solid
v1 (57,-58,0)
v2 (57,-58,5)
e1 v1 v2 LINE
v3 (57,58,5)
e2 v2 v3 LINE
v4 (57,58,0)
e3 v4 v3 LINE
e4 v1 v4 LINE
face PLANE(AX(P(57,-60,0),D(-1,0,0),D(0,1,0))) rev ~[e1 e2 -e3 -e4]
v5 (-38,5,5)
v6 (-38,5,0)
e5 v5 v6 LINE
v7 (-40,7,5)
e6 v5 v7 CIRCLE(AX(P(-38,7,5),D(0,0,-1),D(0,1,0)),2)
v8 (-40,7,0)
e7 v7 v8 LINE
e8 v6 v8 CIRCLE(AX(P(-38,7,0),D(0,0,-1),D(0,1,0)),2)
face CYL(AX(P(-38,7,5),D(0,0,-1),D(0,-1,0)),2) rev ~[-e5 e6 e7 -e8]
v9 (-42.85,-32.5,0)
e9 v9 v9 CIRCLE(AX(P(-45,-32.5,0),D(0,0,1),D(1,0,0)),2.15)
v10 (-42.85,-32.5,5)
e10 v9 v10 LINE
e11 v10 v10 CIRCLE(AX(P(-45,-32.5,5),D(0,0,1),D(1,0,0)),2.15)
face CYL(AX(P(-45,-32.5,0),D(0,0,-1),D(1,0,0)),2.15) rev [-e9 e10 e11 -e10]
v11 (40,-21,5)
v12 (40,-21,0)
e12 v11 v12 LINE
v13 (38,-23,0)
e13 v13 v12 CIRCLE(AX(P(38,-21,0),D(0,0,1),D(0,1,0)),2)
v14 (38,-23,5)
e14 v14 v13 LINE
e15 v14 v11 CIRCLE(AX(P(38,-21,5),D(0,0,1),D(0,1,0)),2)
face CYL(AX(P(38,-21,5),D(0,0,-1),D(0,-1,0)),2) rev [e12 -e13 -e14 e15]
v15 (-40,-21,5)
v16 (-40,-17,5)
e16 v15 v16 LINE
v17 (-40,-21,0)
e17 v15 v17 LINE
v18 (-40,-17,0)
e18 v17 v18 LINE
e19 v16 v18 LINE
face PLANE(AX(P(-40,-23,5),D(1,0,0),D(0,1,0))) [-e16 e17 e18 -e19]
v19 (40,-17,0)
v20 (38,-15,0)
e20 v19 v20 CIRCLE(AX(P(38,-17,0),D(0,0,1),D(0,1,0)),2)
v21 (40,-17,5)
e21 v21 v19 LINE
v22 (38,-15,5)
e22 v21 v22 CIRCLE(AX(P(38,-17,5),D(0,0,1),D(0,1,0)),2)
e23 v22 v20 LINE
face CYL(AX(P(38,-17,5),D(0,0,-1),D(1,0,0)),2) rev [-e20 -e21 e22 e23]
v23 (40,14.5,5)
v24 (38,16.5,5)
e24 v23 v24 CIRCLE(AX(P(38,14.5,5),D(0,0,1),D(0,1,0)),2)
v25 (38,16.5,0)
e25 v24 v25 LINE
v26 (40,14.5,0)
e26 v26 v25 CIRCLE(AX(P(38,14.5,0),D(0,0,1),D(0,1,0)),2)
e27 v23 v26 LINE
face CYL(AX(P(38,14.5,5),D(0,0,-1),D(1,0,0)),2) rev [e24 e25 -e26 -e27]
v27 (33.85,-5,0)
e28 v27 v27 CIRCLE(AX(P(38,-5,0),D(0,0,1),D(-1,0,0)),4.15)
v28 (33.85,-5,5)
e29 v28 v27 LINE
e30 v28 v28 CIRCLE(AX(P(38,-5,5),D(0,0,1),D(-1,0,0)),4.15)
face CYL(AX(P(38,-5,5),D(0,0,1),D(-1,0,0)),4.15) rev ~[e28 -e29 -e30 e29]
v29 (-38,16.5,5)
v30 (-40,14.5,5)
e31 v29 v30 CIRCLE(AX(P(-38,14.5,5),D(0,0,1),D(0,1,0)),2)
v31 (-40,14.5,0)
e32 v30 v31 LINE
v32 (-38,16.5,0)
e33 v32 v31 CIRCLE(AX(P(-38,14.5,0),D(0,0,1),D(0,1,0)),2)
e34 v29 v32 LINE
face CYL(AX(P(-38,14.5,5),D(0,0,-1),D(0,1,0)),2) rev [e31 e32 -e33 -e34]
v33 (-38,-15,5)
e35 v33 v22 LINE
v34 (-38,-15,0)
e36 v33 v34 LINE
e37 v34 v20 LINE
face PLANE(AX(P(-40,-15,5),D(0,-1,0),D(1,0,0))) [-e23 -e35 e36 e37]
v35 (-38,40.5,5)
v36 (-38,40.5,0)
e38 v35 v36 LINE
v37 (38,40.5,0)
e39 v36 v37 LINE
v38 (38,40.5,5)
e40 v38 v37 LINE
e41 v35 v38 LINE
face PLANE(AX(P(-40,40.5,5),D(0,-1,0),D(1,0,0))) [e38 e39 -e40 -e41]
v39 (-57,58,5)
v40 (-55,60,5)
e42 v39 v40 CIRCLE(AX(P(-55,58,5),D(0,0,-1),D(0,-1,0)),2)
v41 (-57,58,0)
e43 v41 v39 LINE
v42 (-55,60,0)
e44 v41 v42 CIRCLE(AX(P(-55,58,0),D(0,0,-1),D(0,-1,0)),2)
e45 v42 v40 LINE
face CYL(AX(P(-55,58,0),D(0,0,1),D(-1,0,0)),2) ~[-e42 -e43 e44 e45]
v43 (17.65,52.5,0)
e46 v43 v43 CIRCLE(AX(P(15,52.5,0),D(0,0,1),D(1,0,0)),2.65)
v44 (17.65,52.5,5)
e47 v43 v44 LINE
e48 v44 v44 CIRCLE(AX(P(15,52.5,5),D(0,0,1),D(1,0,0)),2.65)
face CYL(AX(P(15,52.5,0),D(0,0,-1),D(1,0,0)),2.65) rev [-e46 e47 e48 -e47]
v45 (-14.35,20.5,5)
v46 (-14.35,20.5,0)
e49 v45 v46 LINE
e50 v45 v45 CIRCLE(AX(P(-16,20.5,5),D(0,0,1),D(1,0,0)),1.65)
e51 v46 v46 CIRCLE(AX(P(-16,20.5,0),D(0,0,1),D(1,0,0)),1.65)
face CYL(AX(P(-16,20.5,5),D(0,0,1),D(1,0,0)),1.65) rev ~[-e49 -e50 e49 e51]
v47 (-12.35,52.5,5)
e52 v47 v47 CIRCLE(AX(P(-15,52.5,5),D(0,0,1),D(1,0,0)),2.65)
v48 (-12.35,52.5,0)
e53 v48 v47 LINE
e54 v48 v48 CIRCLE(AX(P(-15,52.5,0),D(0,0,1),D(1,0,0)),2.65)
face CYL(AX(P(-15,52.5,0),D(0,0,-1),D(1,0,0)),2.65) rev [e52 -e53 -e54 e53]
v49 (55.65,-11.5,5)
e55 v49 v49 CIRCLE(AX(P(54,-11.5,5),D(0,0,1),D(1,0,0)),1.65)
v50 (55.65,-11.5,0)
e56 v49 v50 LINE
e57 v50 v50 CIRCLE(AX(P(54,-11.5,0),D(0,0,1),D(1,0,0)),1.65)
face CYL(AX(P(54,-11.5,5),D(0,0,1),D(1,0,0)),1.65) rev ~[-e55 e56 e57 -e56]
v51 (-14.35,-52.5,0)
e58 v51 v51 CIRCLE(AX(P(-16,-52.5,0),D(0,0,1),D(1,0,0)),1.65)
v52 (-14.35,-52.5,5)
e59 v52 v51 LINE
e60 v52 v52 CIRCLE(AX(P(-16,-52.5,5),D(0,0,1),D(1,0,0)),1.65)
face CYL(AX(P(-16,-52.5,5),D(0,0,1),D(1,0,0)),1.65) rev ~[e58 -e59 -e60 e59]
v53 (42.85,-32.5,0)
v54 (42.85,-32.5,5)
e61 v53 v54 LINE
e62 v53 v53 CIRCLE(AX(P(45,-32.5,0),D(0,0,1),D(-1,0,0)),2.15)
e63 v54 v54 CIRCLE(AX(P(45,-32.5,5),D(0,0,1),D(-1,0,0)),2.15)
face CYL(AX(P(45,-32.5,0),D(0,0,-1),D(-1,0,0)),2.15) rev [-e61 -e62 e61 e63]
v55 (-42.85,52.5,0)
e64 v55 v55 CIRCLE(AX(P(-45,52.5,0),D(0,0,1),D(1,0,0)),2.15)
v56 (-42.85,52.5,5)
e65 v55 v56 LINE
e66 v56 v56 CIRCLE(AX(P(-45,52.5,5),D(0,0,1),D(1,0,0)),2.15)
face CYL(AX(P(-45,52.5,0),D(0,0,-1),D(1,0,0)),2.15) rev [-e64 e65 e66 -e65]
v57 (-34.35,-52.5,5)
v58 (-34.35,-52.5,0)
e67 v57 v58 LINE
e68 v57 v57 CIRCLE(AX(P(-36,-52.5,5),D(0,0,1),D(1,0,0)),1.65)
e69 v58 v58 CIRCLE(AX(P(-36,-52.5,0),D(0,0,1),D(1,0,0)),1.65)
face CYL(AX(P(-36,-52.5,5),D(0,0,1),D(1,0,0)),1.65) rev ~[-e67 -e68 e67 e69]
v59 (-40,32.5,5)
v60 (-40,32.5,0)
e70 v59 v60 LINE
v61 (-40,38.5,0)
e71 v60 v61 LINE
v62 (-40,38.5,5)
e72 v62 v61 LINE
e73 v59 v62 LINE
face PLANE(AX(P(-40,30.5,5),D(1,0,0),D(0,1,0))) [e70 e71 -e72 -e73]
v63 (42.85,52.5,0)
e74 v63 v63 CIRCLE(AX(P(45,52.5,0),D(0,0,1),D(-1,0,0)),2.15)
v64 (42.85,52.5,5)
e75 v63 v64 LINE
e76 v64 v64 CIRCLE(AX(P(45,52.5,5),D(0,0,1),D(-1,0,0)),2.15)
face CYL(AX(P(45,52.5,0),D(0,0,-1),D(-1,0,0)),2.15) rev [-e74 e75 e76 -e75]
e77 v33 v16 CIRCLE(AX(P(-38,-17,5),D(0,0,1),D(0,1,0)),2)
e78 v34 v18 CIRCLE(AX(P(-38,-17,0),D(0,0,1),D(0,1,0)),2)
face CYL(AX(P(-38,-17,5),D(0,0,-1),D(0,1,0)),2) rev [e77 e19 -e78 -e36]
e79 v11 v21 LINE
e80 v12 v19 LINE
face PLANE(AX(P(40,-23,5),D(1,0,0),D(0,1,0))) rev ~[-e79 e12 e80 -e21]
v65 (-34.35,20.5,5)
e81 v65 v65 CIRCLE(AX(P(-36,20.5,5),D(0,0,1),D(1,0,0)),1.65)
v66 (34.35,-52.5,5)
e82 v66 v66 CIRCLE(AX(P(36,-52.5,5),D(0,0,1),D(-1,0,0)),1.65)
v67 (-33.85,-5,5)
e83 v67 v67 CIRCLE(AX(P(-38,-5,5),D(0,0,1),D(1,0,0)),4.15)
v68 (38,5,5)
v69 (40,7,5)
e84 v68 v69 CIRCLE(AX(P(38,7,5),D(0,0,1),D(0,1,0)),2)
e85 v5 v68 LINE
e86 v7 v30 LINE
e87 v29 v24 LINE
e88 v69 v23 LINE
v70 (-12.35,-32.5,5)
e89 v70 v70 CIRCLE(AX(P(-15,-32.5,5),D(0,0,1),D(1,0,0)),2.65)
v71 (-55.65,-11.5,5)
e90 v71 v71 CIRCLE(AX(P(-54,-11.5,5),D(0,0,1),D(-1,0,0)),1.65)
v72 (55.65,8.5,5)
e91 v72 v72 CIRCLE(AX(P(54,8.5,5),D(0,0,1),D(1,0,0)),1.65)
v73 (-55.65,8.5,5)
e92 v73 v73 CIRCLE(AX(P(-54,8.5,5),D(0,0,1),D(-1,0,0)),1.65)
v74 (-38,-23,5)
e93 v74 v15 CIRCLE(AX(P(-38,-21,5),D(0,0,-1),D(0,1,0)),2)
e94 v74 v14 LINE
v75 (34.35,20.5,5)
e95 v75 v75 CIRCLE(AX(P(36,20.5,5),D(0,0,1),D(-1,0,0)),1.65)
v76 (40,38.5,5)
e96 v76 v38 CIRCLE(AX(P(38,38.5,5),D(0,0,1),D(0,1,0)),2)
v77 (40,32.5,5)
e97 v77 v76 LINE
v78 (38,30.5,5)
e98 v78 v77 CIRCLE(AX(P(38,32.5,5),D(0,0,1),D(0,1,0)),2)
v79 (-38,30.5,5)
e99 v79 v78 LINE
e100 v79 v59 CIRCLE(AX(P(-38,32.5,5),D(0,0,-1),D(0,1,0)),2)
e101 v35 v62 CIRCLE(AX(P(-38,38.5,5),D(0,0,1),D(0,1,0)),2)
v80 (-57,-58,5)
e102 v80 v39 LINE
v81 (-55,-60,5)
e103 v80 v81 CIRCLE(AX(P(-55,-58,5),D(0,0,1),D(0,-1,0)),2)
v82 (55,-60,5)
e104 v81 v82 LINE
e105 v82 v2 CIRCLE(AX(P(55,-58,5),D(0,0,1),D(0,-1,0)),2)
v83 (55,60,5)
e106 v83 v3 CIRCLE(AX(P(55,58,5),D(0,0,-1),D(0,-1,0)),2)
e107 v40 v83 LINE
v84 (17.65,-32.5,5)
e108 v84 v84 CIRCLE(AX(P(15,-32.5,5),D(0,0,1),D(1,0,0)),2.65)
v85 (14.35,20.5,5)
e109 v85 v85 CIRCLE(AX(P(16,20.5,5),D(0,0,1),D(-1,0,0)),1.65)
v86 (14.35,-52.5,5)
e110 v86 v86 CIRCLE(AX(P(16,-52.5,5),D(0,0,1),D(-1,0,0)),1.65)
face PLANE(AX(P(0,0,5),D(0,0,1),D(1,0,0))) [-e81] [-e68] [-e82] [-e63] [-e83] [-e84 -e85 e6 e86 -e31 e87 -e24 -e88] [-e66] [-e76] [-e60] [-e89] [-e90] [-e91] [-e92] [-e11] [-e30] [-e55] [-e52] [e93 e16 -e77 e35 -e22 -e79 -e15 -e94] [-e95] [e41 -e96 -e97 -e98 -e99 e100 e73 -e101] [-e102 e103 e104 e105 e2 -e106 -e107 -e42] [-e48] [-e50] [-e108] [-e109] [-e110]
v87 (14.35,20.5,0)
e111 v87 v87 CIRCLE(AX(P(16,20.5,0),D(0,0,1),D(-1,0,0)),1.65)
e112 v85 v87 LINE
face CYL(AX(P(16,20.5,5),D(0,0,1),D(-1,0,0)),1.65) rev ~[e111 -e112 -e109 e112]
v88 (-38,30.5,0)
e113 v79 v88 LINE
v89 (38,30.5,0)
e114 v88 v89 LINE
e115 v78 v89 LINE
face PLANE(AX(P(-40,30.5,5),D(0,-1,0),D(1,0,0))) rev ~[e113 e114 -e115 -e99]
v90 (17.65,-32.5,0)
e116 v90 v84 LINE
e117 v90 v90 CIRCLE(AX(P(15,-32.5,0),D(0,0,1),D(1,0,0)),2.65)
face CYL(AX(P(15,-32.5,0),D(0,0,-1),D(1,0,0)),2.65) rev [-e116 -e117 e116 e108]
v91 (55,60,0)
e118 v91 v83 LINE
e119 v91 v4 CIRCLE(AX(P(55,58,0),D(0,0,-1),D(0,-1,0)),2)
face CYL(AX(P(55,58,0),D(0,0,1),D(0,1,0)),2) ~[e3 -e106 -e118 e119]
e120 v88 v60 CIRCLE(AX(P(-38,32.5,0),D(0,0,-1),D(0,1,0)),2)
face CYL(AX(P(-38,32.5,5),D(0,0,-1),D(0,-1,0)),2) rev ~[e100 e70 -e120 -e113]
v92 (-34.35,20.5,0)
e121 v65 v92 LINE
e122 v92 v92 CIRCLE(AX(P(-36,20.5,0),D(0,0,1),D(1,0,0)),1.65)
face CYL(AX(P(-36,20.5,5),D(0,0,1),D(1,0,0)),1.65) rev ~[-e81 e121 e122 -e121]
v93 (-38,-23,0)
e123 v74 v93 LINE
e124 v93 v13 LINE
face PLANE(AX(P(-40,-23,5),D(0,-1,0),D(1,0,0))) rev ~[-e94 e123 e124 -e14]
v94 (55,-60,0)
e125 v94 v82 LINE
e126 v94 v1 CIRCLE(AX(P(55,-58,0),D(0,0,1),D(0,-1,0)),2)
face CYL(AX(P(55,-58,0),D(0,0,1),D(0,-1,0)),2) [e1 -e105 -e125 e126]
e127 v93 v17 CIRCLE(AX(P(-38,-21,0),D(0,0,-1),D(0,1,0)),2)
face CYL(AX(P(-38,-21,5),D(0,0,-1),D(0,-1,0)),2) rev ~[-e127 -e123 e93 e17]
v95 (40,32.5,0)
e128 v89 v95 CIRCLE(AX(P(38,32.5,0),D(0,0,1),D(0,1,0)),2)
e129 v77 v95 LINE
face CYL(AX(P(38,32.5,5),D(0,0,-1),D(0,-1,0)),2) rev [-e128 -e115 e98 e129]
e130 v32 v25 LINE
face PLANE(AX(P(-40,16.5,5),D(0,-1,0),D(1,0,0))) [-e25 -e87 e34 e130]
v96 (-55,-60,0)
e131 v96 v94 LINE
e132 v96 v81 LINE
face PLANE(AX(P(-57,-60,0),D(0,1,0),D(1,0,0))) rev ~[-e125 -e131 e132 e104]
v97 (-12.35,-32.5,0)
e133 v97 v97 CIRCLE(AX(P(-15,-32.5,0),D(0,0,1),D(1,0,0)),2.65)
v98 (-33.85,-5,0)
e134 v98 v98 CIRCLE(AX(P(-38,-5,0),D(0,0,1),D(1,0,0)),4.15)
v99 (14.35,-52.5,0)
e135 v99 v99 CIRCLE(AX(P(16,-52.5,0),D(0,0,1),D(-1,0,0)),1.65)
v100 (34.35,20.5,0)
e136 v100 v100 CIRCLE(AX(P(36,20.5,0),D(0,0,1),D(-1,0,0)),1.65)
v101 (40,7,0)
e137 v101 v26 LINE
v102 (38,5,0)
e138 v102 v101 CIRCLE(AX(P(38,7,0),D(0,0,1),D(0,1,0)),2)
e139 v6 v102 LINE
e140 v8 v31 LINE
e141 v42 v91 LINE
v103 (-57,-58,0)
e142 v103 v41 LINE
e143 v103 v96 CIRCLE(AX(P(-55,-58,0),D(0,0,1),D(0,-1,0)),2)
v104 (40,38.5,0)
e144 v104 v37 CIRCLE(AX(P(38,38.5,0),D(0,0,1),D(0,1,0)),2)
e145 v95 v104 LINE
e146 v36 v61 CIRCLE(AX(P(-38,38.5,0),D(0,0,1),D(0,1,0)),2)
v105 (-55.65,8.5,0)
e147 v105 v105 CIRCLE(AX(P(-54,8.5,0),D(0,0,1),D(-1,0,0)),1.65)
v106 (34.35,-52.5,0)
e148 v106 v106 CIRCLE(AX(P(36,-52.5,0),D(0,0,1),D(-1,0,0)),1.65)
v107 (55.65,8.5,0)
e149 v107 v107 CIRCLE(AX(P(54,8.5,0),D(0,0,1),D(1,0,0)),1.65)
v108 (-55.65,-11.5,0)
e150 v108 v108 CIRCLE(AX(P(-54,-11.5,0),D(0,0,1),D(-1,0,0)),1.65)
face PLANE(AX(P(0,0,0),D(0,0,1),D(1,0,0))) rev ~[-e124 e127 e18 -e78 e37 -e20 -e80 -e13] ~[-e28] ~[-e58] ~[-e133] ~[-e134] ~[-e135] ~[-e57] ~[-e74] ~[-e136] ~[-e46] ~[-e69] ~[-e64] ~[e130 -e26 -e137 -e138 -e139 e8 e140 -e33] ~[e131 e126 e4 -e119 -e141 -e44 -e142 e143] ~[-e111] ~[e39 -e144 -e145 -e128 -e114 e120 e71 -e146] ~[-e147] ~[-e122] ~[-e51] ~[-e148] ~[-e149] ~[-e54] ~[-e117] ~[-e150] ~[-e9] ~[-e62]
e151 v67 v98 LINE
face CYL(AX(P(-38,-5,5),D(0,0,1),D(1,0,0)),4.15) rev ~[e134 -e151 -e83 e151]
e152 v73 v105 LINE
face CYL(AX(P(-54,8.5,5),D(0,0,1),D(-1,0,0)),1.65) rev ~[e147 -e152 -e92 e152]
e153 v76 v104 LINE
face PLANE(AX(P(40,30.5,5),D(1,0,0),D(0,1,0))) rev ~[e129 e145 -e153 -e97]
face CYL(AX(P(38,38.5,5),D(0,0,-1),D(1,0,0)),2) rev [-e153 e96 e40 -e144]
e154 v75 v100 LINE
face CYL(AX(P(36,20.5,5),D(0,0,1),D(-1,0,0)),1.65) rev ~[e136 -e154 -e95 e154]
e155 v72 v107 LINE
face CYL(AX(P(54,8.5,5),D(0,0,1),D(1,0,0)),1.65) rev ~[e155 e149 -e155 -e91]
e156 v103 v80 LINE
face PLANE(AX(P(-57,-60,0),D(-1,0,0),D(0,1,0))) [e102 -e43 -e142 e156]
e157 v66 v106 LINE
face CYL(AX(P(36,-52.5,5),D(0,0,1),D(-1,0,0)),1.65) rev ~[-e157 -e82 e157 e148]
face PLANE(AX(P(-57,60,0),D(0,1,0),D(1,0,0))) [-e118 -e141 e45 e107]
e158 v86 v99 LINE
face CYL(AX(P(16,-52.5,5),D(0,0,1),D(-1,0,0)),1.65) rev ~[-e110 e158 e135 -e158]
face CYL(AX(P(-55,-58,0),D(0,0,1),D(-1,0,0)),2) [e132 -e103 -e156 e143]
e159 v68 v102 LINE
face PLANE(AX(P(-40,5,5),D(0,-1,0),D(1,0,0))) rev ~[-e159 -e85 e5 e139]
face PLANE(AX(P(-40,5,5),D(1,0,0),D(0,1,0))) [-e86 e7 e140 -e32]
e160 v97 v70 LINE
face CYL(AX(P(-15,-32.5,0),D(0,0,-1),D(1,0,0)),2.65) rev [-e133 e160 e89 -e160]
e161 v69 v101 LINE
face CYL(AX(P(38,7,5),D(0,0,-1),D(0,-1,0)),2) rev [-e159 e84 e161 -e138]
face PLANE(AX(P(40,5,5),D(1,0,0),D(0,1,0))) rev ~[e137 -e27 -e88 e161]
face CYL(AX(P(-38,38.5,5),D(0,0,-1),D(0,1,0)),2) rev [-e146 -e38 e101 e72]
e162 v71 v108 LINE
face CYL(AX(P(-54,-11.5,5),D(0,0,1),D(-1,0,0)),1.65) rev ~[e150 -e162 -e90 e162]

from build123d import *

# Parameters (mm, degrees)
SKETCH_1_W          = 114
SKETCH_1_H          = 120
SKETCH_1_R          = 2.65
SKETCH_1_R_2        = 2.15
EXTRUDE_1_DEPTH     = 5
SKETCH_2_R          = 1.65
CUT_EXTRUDE_1_DEPTH = 83.909589313
SKETCH_3_R          = 4.15
CUT_EXTRUDE_2_DEPTH = 83.909589313
SKETCH_6_R          = 1.65
CUT_EXTRUDE_4_DEPTH = 83.909589313
SKETCH_7_W          = 80
SKETCH_7_H          = 11.5
SKETCH_7_H_2        = 10
SKETCH_7_H_3        = 8
CUT_EXTRUDE_5_DEPTH = 83.909589313
FILLET_1_R          = 2


with BuildPart() as part:
    # 草图1 → 凸台-拉伸1 (new body)
    with BuildSketch(Plane.XY):
        Rectangle(SKETCH_1_W, SKETCH_1_H)
        with Locations((-15, -32.5)):
            Circle(SKETCH_1_R, mode=Mode.SUBTRACT)
        with Locations((15, -32.5)):
            Circle(SKETCH_1_R, mode=Mode.SUBTRACT)
        with Locations((-45, -32.5)):
            Circle(SKETCH_1_R_2, mode=Mode.SUBTRACT)
        with Locations(Location((45, -32.5, 0), (0, 0, 180))):
            Circle(SKETCH_1_R_2, mode=Mode.SUBTRACT)
        with Locations((-45, 52.5)):
            Circle(SKETCH_1_R_2, mode=Mode.SUBTRACT)
        with Locations((-15, 52.5)):
            Circle(SKETCH_1_R, mode=Mode.SUBTRACT)
        with Locations((15, 52.5)):
            Circle(SKETCH_1_R, mode=Mode.SUBTRACT)
        with Locations(Location((45, 52.5, 0), (0, 0, 180))):
            Circle(SKETCH_1_R_2, mode=Mode.SUBTRACT)
    extrude(amount=EXTRUDE_1_DEPTH)

    # 草图2 → 切除-拉伸1 (cut, through all)
    with BuildSketch(Plane.XY.offset(5)):
        with Locations((-16, -52.5)):
            Circle(SKETCH_2_R)
        with Locations((-36, -52.5)):
            Circle(SKETCH_2_R)
        with Locations(Location((16, -52.5, 0), (0, 0, 180))):
            Circle(SKETCH_2_R)
        with Locations(Location((36, -52.5, 0), (0, 0, 180))):
            Circle(SKETCH_2_R)
        with Locations((-16, 20.5)):
            Circle(SKETCH_2_R)
        with Locations((-36, 20.5)):
            Circle(SKETCH_2_R)
        with Locations(Location((16, 20.5, 0), (0, 0, 180))):
            Circle(SKETCH_2_R)
        with Locations(Location((36, 20.5, 0), (0, 0, 180))):
            Circle(SKETCH_2_R)
    extrude(amount=-CUT_EXTRUDE_1_DEPTH, mode=Mode.SUBTRACT)

    # 草图3 → 切除-拉伸2 (cut, through all)
    with BuildSketch(Plane.XY.offset(5)):
        with Locations((-38, -5)):
            Circle(SKETCH_3_R)
        with Locations(Location((38, -5, 0), (0, 0, 180))):
            Circle(SKETCH_3_R)
    extrude(amount=-CUT_EXTRUDE_2_DEPTH, mode=Mode.SUBTRACT)

    # 草图6 → 切除-拉伸4 (cut, through all)
    with BuildSketch(Plane.XY.offset(5)):
        with Locations((54, -11.5)):
            Circle(SKETCH_6_R)
        with Locations((54, 8.5)):
            Circle(SKETCH_6_R)
        with Locations(Location((-54, -11.5, 0), (0, 0, 180))):
            Circle(SKETCH_6_R)
        with Locations(Location((-54, 8.5, 0), (0, 0, 180))):
            Circle(SKETCH_6_R)
    extrude(amount=-CUT_EXTRUDE_4_DEPTH, mode=Mode.SUBTRACT)

    # 草图7 → 切除-拉伸5 (cut, through all)
    with BuildSketch(Plane.XY.offset(5)):
        with Locations((0, 10.75)):
            Rectangle(SKETCH_7_W, SKETCH_7_H)
        with Locations((0, 35.5)):
            Rectangle(SKETCH_7_W, SKETCH_7_H_2)
        with Locations((0, -19)):
            Rectangle(SKETCH_7_W, SKETCH_7_H_3)
    extrude(amount=-CUT_EXTRUDE_5_DEPTH, mode=Mode.SUBTRACT)

    # 圆角1
    fillet_1_edges = [part.edges().sort_by_distance(p)[0] for p in [
        (-40, -23, 2.5),
        (-40, -15, 2.5),
        (40, -15, 2.5),
        (40, -23, 2.5),
        (-40, 30.5, 2.5),
        (-40, 40.5, 2.5),
        (40, 40.5, 2.5),
        (40, 30.5, 2.5),
        (-40, 5, 2.5),
        (-40, 16.5, 2.5),
        (40, 16.5, 2.5),
        (40, 5, 2.5),
        (57, -60, 2.5),
        (-57, -60, 2.5),
        (-57, 60, 2.5),
        (57, 60, 2.5),
    ]]
    fillet(fillet_1_edges, radius=FILLET_1_R)


solid = part.part
